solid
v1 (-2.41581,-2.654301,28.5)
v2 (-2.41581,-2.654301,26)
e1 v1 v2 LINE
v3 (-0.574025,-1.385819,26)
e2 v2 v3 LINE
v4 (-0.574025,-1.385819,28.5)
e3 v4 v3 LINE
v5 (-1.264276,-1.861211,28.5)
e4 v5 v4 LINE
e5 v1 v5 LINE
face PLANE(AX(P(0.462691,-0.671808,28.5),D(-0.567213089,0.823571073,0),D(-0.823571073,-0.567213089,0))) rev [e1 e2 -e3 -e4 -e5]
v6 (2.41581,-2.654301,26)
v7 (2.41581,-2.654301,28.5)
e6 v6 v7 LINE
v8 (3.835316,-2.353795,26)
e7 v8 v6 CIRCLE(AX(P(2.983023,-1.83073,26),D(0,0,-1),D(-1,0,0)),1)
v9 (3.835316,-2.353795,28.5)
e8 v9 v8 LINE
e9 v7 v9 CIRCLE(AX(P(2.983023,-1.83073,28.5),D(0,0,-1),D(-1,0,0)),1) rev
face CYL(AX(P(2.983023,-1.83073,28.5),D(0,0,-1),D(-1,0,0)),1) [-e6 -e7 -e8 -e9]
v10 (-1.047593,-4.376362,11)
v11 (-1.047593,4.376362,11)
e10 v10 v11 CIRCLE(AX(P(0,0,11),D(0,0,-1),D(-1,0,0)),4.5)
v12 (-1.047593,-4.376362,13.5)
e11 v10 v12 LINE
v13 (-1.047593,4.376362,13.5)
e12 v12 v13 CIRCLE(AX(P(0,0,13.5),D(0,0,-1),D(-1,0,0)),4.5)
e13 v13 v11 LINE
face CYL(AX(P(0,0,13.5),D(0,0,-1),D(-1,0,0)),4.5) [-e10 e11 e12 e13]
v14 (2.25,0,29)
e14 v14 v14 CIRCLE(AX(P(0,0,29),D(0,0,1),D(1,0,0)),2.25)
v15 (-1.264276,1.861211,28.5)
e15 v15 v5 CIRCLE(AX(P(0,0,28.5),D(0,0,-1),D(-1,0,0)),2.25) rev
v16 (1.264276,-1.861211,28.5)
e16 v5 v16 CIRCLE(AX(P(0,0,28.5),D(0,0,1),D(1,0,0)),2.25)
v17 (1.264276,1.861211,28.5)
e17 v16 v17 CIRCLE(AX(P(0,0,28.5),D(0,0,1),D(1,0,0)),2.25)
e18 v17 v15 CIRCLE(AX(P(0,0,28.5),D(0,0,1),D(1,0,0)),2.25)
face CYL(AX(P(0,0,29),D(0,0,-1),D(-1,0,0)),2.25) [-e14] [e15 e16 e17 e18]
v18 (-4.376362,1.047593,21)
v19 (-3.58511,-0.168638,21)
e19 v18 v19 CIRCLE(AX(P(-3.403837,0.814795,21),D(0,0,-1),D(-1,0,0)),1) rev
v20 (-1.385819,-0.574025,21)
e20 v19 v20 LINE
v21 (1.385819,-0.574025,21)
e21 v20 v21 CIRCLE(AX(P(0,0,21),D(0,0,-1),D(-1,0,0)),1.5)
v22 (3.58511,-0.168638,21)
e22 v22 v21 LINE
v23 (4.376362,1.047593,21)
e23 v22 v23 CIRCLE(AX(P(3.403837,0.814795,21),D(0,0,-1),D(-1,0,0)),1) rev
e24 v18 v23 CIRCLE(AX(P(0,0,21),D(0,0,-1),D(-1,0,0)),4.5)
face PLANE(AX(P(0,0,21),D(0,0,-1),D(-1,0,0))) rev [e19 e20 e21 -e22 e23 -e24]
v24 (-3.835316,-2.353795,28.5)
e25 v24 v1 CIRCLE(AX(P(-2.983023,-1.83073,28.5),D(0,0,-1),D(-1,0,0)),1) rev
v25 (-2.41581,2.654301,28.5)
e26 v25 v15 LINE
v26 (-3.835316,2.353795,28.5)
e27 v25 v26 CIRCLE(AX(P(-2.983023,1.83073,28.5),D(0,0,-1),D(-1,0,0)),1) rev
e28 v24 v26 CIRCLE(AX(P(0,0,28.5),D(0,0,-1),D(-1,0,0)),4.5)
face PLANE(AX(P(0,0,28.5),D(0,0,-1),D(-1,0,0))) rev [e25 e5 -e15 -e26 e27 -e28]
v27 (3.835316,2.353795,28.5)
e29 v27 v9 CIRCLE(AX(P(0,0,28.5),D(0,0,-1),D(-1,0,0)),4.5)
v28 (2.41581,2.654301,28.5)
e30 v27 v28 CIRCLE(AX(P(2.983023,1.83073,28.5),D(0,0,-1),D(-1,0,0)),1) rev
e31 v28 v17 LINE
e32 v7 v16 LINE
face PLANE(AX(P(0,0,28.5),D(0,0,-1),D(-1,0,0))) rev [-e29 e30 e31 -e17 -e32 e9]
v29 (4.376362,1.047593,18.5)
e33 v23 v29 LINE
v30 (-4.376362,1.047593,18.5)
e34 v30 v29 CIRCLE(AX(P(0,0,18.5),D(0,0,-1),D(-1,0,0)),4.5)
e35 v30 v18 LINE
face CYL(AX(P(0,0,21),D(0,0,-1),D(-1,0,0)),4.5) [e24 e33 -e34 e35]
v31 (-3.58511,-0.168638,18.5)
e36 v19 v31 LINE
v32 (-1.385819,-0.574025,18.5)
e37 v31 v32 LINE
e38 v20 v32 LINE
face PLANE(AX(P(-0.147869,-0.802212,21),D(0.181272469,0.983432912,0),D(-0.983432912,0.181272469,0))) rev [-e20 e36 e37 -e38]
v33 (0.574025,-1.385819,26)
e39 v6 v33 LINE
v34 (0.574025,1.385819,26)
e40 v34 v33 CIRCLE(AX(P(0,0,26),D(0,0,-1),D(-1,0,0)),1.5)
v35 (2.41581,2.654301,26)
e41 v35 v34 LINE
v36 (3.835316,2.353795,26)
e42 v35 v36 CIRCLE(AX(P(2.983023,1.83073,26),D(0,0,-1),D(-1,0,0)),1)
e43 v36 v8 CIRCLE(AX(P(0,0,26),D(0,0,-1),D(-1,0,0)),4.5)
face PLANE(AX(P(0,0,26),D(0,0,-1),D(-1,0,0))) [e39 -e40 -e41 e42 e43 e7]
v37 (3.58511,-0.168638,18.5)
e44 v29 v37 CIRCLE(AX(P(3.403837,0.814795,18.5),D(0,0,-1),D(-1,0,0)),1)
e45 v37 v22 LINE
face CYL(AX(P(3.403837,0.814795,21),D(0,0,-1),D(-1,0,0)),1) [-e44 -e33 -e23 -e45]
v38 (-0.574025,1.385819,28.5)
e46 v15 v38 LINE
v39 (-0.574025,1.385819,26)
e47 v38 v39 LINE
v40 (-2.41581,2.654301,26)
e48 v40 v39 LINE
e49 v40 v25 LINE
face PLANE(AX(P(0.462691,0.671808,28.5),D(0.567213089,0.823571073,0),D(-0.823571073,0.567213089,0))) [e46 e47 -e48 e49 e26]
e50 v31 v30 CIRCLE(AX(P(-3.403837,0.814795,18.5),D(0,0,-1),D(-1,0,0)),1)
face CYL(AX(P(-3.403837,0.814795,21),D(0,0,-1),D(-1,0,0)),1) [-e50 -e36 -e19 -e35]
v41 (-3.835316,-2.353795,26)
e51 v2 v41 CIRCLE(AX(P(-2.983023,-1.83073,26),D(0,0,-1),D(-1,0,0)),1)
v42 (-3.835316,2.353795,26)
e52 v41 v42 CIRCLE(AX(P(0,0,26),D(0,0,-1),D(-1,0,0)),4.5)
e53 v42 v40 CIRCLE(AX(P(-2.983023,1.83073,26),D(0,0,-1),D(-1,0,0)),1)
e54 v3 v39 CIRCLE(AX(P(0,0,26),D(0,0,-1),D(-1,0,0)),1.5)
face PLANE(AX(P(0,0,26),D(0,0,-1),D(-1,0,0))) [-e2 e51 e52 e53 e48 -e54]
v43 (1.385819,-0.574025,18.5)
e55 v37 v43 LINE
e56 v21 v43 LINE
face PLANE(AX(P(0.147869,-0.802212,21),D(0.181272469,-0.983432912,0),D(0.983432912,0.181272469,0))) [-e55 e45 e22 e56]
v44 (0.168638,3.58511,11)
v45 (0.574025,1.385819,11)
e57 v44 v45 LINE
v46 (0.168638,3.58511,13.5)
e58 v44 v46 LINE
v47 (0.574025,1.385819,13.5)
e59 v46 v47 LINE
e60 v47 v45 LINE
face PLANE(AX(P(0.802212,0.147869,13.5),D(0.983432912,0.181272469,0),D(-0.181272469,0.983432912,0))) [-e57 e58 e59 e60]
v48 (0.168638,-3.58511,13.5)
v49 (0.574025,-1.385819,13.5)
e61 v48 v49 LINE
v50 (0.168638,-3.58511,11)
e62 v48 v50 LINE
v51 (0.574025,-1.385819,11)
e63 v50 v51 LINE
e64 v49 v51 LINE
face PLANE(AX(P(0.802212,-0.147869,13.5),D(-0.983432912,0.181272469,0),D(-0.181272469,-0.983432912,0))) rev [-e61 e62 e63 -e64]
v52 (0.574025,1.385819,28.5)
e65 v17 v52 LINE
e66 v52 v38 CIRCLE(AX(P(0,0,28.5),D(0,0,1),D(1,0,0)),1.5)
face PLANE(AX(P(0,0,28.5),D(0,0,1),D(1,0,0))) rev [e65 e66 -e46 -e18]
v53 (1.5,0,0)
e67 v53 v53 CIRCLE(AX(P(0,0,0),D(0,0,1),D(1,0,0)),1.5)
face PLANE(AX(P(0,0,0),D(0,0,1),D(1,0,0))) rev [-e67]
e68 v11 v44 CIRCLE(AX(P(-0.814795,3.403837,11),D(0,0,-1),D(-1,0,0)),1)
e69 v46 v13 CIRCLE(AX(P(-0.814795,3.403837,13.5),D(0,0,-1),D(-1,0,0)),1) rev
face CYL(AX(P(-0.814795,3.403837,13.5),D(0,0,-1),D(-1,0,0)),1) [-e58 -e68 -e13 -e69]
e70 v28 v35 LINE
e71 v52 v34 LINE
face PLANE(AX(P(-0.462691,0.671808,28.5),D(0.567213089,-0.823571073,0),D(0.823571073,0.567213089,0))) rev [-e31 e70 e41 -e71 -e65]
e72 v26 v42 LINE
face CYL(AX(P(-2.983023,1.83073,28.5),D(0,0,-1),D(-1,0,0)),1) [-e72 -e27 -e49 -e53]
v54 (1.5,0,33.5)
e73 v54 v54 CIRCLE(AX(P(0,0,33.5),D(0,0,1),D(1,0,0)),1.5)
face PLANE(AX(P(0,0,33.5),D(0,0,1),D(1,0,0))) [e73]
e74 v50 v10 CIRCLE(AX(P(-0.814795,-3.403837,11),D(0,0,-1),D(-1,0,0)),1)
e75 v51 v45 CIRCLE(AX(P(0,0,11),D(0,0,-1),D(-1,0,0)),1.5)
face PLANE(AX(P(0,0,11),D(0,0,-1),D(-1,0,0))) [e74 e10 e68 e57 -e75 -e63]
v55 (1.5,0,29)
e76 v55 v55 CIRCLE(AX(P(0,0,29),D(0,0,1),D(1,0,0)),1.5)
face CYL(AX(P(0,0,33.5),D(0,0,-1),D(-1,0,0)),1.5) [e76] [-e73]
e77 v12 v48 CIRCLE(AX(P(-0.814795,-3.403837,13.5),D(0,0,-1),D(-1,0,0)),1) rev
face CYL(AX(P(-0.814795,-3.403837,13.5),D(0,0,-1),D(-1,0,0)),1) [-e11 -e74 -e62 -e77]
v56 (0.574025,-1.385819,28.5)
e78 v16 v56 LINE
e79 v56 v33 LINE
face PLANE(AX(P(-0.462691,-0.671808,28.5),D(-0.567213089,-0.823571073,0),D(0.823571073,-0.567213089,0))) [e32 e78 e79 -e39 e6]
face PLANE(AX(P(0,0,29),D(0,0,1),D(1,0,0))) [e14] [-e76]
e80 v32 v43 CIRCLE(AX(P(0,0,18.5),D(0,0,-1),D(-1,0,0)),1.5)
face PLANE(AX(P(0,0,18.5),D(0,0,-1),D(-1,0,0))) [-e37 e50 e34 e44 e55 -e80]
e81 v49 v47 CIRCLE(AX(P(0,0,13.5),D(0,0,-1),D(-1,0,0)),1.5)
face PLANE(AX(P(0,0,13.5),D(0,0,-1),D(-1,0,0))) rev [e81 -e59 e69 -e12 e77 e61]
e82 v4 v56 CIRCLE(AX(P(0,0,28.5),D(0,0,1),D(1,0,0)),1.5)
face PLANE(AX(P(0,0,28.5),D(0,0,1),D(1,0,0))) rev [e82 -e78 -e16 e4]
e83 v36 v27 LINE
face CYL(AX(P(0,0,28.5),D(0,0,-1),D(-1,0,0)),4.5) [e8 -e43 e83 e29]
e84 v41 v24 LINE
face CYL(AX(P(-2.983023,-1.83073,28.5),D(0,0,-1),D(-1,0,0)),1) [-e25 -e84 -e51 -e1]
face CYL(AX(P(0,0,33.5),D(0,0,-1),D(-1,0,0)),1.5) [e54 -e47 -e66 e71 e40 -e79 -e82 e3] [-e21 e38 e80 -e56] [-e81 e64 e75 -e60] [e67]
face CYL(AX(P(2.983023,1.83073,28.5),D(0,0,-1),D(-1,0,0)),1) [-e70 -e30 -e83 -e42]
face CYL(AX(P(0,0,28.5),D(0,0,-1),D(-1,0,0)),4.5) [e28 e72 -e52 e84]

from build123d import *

# Parameters (mm, degrees)
SKETCH_2_R       = 1.5
SHAFT_DEPTH      = 33.5
EXCENTRIC1_DEPTH = 2.5
EXTRUDE_3_DEPTH  = 2.5
EXTRUDE_4_DEPTH  = 2.5
FILLET_1_R       = 1
SKETCH_7_R       = 2.25
EXTRUDE_5_DEPTH  = 0.5


with BuildPart() as part:
    # Эскиз2 → shaft (new body)
    with BuildSketch(Plane.XY):
        Circle(SKETCH_2_R)
    extrude(amount=SHAFT_DEPTH)

    # Эскиз3 → excentric1 (add)
    with BuildSketch(Plane(origin=(0, 0, 11), x_dir=(-1, 0, 0), z_dir=(0, 0, -1))):
        with BuildLine():
            ThreePointArc((4.5, 0), (3.181980515, 3.181980515), (0, 4.5))
            Line((0, 4.5), (-0.574025149, 1.385819299))
            ThreePointArc((-0.574025149, 1.385819299), (0.83335535, 1.247204418), (1.5, 0))
            ThreePointArc((1.5, 0), (0.83335535, -1.247204418), (-0.574025149, -1.385819299))
            Line((-0.574025149, -1.385819299), (0, -4.5))
            ThreePointArc((0, -4.5), (3.181980515, -3.181980515), (4.5, 0))
        make_face()
    extrude(amount=-EXCENTRIC1_DEPTH)

    # excentric2sketch → Бобышка-Вытянуть3 (add)
    with BuildSketch(Plane(origin=(0, 0, 18.5), x_dir=(-1, 0, 0), z_dir=(0, 0, -1))):
        with BuildLine():
            ThreePointArc((4.5, 0), (0, 4.5), (-4.5, 0))
            Line((-4.5, 0), (-1.385819299, -0.574025149))
            ThreePointArc((-1.385819299, -0.574025149), (-0.292635483, 1.471177921), (1.5, 0))
            ThreePointArc((1.5, 0), (1.471177921, -0.292635483), (1.385819299, -0.574025149))
            Line((1.385819299, -0.574025149), (4.5, 0))
        make_face()
    extrude(amount=-EXTRUDE_3_DEPTH)

    # excentric3sketch → Бобышка-Вытянуть4 (add)
    with BuildSketch(Plane(origin=(0, 0, 26), x_dir=(-1, 0, 0), z_dir=(0, 0, -1))):
        with BuildLine():
            Line((-0.574025149, 1.385819299), (-3.181980515, 3.181980515))
            ThreePointArc((-3.181980515, 3.181980515), (-4.5, 0), (-3.181980515, -3.181980515))
            Line((-3.181980515, -3.181980515), (-0.574025149, -1.385819299))
            ThreePointArc((-0.574025149, -1.385819299), (-1.5, 0), (-0.574025149, 1.385819299))
        make_face()
        with BuildLine():
            ThreePointArc((4.5, 0), (4.157457896, 1.722075446), (3.181980515, 3.181980515))
            Line((3.181980515, 3.181980515), (0.574025149, 1.385819299))
            ThreePointArc((0.574025149, 1.385819299), (1.247204418, 0.83335535), (1.5, 0))
            ThreePointArc((1.5, 0), (1.247204418, -0.83335535), (0.574025149, -1.385819299))
            Line((0.574025149, -1.385819299), (3.181980515, -3.181980515))
            ThreePointArc((3.181980515, -3.181980515), (4.157457896, -1.722075446), (4.5, 0))
        make_face()
    extrude(amount=-EXTRUDE_4_DEPTH)

    # Скругление1
    fillet_1_edges = [part.edges().sort_by_distance(p)[0] for p in [
        (4.5, 0, 19.75),
        (-4.5, 0, 19.75),
        (3.181980515, -3.181980515, 27.25),
        (3.181980515, 3.181980515, 27.25),
        (-3.181980515, 3.181980515, 27.25),
        (-3.181980515, -3.181980515, 27.25),
        (0, 4.5, 12.25),
        (0, -4.5, 12.25),
    ]]
    fillet(fillet_1_edges, radius=FILLET_1_R)

    # Эскиз7 → Бобышка-Вытянуть5 (add)
    with BuildSketch(Plane.XY.offset(28.5)):
        Circle(SKETCH_7_R)
    extrude(amount=EXTRUDE_5_DEPTH)


solid = part.part
